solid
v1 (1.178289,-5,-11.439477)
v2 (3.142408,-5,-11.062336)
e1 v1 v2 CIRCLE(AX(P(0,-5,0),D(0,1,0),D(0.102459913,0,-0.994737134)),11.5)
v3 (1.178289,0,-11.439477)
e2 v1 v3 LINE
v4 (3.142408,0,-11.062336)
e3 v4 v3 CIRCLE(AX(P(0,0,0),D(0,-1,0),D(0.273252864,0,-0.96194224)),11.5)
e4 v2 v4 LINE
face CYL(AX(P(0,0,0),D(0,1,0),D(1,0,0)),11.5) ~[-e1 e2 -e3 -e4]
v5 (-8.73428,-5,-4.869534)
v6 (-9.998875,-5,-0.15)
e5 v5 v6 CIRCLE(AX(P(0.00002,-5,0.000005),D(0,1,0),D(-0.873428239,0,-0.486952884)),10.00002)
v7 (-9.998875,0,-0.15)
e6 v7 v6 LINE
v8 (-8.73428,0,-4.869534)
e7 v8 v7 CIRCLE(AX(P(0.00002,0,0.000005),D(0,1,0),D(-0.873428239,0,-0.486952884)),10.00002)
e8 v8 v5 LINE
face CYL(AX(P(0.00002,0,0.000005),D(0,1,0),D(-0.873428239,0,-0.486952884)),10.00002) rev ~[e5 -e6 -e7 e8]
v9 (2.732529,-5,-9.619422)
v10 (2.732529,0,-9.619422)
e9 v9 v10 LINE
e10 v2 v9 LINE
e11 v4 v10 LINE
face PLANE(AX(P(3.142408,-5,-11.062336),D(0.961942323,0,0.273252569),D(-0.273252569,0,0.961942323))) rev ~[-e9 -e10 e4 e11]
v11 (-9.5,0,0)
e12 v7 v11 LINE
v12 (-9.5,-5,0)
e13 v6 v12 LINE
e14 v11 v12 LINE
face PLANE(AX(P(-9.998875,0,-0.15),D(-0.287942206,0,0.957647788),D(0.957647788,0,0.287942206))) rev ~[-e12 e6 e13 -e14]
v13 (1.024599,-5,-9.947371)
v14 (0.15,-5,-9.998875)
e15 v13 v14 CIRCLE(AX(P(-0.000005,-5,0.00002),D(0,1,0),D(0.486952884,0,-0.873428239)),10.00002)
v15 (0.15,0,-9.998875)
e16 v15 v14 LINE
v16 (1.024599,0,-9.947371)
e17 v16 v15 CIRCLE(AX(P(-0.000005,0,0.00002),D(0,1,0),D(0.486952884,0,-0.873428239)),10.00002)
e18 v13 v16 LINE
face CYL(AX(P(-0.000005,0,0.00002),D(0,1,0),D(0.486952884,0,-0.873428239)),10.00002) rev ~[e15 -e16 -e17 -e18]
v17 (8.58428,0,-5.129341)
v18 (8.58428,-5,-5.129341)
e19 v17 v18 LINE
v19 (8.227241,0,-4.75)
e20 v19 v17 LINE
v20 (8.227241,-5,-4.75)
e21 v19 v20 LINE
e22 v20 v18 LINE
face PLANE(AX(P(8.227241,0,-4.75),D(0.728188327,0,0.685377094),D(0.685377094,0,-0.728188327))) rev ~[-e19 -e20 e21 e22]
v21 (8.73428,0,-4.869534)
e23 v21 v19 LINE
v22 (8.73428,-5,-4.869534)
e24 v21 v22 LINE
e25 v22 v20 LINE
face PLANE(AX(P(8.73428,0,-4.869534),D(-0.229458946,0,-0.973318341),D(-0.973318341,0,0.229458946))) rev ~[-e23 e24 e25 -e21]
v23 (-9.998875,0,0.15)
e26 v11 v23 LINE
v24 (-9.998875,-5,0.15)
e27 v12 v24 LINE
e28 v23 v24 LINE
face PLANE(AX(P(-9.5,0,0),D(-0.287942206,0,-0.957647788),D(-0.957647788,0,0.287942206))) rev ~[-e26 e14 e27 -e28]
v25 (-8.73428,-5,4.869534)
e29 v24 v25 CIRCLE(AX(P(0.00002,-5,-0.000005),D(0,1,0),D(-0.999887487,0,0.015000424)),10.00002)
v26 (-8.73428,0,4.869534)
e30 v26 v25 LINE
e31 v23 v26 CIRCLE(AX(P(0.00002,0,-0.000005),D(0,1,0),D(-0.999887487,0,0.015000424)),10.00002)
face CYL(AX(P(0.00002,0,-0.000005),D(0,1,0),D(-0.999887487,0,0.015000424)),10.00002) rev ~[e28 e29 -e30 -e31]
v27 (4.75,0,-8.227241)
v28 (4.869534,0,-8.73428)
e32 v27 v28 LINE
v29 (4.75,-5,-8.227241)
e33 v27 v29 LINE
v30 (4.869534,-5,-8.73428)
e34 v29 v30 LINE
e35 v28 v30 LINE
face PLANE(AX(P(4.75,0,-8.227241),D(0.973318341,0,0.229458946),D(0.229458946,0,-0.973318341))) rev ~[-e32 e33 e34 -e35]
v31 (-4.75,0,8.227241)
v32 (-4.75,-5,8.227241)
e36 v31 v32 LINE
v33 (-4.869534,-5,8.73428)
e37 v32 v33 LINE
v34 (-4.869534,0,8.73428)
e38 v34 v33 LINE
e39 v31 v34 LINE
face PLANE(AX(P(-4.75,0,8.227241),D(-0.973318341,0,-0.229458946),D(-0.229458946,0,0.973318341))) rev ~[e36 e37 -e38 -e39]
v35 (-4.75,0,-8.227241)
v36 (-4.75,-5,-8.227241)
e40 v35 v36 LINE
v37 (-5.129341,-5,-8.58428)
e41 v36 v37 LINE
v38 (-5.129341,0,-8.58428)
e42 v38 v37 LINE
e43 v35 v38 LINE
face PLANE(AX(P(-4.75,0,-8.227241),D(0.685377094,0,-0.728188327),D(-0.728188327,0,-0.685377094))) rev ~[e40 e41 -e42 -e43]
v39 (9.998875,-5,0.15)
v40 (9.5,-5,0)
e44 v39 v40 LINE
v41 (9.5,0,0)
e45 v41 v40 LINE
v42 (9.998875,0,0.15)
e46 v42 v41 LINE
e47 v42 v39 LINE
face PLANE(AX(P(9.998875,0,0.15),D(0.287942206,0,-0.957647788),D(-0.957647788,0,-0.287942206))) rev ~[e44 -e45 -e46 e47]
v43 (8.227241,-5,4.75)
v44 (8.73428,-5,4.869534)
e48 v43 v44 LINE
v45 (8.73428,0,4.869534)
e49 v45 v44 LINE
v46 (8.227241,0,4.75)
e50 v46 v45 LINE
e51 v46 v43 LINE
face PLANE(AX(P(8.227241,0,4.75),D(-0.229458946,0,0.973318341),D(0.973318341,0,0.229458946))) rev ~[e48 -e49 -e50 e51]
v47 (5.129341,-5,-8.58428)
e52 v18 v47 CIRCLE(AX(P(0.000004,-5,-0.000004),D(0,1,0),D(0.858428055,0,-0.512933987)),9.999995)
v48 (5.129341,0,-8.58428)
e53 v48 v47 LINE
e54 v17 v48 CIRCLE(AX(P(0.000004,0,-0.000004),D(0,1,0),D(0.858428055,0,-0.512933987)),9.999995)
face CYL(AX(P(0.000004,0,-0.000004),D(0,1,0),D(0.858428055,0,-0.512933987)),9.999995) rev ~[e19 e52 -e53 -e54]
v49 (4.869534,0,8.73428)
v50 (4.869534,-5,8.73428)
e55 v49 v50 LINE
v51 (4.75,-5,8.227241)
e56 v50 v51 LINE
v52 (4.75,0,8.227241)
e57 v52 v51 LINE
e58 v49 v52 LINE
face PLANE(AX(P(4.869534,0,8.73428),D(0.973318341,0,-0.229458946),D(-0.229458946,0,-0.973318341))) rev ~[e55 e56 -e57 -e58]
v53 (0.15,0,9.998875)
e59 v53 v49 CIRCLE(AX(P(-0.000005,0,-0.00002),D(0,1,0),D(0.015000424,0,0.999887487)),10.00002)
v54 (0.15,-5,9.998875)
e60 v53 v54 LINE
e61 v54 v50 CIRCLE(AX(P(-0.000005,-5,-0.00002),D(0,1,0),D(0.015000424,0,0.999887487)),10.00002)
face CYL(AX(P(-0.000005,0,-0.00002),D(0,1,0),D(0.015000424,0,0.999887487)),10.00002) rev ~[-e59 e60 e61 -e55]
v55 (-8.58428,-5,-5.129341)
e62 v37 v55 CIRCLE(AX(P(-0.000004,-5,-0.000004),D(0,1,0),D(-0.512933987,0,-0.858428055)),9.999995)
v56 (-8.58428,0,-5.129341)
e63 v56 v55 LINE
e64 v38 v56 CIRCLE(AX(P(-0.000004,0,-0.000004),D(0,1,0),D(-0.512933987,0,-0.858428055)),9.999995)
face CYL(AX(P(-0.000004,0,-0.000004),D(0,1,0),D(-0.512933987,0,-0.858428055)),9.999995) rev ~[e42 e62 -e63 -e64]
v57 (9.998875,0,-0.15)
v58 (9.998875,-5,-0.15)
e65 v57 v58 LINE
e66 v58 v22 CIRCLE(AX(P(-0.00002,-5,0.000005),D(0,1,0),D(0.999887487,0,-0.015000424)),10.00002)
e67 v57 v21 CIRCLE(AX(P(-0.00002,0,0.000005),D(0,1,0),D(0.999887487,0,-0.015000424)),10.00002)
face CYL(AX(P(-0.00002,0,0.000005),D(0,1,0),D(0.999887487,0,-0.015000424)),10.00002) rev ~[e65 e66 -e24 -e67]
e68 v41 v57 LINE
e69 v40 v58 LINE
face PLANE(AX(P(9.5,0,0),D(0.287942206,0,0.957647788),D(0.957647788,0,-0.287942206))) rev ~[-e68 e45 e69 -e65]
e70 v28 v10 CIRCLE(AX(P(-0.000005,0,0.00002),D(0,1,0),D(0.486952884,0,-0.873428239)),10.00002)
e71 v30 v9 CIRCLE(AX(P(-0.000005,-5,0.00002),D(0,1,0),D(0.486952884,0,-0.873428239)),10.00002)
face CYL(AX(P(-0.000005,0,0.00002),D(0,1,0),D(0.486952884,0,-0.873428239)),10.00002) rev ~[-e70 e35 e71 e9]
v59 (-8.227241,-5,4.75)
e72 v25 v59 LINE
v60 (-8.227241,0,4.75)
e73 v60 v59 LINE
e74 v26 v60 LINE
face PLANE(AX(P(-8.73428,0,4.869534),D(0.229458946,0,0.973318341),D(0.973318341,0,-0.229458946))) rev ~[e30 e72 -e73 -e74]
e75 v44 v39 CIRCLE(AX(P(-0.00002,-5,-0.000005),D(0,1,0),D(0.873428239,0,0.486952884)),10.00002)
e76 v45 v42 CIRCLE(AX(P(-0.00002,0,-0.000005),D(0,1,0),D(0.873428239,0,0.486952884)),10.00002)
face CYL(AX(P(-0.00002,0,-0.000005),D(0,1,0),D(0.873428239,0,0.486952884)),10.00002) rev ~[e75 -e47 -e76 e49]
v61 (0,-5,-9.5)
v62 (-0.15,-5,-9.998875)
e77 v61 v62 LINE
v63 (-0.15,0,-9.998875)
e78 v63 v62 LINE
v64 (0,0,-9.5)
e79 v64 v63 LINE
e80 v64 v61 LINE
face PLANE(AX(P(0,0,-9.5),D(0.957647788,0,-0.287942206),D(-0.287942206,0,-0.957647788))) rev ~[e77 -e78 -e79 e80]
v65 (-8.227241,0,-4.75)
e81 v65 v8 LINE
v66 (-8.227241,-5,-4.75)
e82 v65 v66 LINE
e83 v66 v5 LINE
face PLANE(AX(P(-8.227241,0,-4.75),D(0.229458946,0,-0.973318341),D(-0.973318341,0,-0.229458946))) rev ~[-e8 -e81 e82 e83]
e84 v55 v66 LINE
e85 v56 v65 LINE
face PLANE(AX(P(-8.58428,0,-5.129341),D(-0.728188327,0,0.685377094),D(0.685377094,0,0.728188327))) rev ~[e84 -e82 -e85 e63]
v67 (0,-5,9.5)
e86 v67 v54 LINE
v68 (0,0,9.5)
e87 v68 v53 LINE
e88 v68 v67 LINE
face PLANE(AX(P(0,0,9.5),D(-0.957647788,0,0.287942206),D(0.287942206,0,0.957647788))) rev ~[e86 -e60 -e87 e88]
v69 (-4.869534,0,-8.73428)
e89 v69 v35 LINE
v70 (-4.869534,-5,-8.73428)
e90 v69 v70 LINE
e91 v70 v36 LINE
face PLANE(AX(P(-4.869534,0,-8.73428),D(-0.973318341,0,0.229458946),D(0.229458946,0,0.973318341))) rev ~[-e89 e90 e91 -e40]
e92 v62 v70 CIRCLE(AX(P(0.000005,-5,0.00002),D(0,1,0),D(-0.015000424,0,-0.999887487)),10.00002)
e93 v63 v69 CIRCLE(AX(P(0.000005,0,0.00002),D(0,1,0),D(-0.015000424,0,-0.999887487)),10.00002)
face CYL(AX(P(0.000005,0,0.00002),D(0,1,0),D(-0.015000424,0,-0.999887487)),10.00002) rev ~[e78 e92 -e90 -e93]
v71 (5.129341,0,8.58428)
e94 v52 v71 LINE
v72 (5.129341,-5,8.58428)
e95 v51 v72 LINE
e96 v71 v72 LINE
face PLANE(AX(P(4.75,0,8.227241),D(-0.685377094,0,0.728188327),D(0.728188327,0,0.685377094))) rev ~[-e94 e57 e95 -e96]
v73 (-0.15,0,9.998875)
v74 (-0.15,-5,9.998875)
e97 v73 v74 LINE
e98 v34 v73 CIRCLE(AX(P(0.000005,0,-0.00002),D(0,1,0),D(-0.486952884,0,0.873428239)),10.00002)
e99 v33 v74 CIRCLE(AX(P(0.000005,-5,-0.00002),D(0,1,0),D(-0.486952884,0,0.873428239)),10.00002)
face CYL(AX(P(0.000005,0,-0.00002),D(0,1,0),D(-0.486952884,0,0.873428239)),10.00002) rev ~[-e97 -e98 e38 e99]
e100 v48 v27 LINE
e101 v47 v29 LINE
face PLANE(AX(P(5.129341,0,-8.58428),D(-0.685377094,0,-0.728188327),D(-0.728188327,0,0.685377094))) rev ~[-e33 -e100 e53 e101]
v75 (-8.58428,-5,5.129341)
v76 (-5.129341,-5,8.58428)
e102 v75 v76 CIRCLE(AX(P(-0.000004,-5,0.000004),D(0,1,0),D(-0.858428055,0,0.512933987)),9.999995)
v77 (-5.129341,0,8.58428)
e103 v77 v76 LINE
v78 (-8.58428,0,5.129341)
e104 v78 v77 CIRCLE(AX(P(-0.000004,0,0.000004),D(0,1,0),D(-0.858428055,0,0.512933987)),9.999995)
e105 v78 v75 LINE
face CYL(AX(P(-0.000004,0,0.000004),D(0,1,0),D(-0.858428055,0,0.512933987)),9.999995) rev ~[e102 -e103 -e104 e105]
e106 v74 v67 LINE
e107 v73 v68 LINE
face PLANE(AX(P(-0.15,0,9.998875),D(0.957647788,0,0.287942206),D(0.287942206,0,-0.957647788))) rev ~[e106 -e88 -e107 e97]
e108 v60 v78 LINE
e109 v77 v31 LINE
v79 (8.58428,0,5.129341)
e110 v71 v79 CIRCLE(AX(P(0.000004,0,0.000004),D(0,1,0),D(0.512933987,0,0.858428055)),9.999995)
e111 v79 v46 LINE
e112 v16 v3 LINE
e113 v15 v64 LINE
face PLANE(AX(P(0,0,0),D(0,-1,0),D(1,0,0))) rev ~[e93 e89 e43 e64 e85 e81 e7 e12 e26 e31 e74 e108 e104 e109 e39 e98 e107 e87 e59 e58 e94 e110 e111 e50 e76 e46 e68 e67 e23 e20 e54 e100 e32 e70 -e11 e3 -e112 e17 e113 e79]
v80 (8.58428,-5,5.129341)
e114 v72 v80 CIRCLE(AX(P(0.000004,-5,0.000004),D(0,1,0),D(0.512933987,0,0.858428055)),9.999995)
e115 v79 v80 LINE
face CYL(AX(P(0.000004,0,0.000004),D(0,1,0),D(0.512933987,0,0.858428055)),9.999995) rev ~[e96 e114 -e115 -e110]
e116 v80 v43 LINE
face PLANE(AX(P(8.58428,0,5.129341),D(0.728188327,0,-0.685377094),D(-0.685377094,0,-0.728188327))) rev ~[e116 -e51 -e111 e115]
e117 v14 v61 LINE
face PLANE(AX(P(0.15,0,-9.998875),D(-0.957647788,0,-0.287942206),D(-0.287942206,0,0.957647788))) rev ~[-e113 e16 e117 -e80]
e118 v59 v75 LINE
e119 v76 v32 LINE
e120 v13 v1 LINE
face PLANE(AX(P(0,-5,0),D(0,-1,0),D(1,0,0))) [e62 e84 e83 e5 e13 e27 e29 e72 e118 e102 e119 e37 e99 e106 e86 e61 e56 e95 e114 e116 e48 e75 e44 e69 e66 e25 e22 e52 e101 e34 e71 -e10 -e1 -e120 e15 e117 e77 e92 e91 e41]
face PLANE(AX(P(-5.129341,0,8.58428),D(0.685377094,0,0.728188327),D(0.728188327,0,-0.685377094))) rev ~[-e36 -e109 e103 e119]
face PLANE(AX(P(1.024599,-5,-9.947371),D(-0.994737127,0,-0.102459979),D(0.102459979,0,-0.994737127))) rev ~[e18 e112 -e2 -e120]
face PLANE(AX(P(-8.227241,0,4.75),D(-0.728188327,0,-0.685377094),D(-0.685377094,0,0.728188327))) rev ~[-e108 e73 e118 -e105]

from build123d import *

# Parameters (mm, degrees)
F0_R     = 11.5
F1_DEPTH = 5
F3_DEPTH = 25


with BuildPart() as f1:
    # F0 (on Front) → F1 (new body)
    with BuildSketch(Plane.XZ):
        Circle(F0_R)
        with BuildLine():
            ThreePointArc((-4.869534, 8.73428), (-2.58819, 9.659258), (-0.15, 9.998875))
            Line((-0.15, 9.998875), (0, 9.5))
            Line((0, 9.5), (0.15, 9.998875))
            ThreePointArc((0.15, 9.998875), (2.58819, 9.659258), (4.869534, 8.73428))
            Line((4.869534, 8.73428), (4.75, 8.227241))
            Line((4.75, 8.227241), (5.129341, 8.58428))
            ThreePointArc((5.129341, 8.58428), (7.071068, 7.071068), (8.58428, 5.129341))
            Line((8.58428, 5.129341), (8.227241, 4.75))
            Line((8.227241, 4.75), (8.73428, 4.869534))
            ThreePointArc((8.73428, 4.869534), (9.659258, 2.58819), (9.998875, 0.15))
            Line((9.998875, 0.15), (9.5, 0))
            Line((9.5, 0), (9.998875, -0.15))
            ThreePointArc((9.998875, -0.15), (9.659258, -2.58819), (8.73428, -4.869534))
            Line((8.73428, -4.869534), (8.227241, -4.75))
            Line((8.227241, -4.75), (8.58428, -5.129341))
            ThreePointArc((8.58428, -5.129341), (7.071068, -7.071068), (5.129341, -8.58428))
            Line((5.129341, -8.58428), (4.75, -8.227241))
            Line((4.75, -8.227241), (4.869534, -8.73428))
            ThreePointArc((4.869534, -8.73428), (2.58819, -9.659258), (0.15, -9.998875))
            Line((0.15, -9.998875), (0, -9.5))
            Line((0, -9.5), (-0.15, -9.998875))
            ThreePointArc((-0.15, -9.998875), (-2.58819, -9.659258), (-4.869534, -8.73428))
            Line((-4.869534, -8.73428), (-4.75, -8.227241))
            Line((-4.75, -8.227241), (-5.129341, -8.58428))
            ThreePointArc((-5.129341, -8.58428), (-7.071068, -7.071068), (-8.58428, -5.129341))
            Line((-8.58428, -5.129341), (-8.227241, -4.75))
            Line((-8.227241, -4.75), (-8.73428, -4.869534))
            ThreePointArc((-8.73428, -4.869534), (-9.659258, -2.58819), (-9.998875, -0.15))
            Line((-9.998875, -0.15), (-9.5, 0))
            Line((-9.5, 0), (-9.998875, 0.15))
            ThreePointArc((-9.998875, 0.15), (-9.659258, 2.58819), (-8.73428, 4.869534))
            Line((-8.73428, 4.869534), (-8.227241, 4.75))
            Line((-8.227241, 4.75), (-8.58428, 5.129341))
            ThreePointArc((-8.58428, 5.129341), (-7.071068, 7.071068), (-5.129341, 8.58428))
            Line((-5.129341, 8.58428), (-4.75, 8.227241))
            Line((-4.75, 8.227241), (-4.869534, 8.73428))
        make_face(mode=Mode.SUBTRACT)
    extrude(amount=F1_DEPTH)

    # F2 (on face) → F3 (cut)
    with BuildSketch(Plane.XZ.offset(5)):
        with BuildLine():
            ThreePointArc((2.732529, -9.619422), (1.885707, -9.820596), (1.024599, -9.947371))
            Line((1.024599, -9.947371), (1.178289, -11.439477))
            ThreePointArc((1.178289, -11.439477), (2.168563, -11.293686), (3.142408, -11.062336))
            Line((3.142408, -11.062336), (2.732529, -9.619422))
        make_face()
    extrude(amount=-F3_DEPTH, mode=Mode.SUBTRACT)


solid = f1.part
